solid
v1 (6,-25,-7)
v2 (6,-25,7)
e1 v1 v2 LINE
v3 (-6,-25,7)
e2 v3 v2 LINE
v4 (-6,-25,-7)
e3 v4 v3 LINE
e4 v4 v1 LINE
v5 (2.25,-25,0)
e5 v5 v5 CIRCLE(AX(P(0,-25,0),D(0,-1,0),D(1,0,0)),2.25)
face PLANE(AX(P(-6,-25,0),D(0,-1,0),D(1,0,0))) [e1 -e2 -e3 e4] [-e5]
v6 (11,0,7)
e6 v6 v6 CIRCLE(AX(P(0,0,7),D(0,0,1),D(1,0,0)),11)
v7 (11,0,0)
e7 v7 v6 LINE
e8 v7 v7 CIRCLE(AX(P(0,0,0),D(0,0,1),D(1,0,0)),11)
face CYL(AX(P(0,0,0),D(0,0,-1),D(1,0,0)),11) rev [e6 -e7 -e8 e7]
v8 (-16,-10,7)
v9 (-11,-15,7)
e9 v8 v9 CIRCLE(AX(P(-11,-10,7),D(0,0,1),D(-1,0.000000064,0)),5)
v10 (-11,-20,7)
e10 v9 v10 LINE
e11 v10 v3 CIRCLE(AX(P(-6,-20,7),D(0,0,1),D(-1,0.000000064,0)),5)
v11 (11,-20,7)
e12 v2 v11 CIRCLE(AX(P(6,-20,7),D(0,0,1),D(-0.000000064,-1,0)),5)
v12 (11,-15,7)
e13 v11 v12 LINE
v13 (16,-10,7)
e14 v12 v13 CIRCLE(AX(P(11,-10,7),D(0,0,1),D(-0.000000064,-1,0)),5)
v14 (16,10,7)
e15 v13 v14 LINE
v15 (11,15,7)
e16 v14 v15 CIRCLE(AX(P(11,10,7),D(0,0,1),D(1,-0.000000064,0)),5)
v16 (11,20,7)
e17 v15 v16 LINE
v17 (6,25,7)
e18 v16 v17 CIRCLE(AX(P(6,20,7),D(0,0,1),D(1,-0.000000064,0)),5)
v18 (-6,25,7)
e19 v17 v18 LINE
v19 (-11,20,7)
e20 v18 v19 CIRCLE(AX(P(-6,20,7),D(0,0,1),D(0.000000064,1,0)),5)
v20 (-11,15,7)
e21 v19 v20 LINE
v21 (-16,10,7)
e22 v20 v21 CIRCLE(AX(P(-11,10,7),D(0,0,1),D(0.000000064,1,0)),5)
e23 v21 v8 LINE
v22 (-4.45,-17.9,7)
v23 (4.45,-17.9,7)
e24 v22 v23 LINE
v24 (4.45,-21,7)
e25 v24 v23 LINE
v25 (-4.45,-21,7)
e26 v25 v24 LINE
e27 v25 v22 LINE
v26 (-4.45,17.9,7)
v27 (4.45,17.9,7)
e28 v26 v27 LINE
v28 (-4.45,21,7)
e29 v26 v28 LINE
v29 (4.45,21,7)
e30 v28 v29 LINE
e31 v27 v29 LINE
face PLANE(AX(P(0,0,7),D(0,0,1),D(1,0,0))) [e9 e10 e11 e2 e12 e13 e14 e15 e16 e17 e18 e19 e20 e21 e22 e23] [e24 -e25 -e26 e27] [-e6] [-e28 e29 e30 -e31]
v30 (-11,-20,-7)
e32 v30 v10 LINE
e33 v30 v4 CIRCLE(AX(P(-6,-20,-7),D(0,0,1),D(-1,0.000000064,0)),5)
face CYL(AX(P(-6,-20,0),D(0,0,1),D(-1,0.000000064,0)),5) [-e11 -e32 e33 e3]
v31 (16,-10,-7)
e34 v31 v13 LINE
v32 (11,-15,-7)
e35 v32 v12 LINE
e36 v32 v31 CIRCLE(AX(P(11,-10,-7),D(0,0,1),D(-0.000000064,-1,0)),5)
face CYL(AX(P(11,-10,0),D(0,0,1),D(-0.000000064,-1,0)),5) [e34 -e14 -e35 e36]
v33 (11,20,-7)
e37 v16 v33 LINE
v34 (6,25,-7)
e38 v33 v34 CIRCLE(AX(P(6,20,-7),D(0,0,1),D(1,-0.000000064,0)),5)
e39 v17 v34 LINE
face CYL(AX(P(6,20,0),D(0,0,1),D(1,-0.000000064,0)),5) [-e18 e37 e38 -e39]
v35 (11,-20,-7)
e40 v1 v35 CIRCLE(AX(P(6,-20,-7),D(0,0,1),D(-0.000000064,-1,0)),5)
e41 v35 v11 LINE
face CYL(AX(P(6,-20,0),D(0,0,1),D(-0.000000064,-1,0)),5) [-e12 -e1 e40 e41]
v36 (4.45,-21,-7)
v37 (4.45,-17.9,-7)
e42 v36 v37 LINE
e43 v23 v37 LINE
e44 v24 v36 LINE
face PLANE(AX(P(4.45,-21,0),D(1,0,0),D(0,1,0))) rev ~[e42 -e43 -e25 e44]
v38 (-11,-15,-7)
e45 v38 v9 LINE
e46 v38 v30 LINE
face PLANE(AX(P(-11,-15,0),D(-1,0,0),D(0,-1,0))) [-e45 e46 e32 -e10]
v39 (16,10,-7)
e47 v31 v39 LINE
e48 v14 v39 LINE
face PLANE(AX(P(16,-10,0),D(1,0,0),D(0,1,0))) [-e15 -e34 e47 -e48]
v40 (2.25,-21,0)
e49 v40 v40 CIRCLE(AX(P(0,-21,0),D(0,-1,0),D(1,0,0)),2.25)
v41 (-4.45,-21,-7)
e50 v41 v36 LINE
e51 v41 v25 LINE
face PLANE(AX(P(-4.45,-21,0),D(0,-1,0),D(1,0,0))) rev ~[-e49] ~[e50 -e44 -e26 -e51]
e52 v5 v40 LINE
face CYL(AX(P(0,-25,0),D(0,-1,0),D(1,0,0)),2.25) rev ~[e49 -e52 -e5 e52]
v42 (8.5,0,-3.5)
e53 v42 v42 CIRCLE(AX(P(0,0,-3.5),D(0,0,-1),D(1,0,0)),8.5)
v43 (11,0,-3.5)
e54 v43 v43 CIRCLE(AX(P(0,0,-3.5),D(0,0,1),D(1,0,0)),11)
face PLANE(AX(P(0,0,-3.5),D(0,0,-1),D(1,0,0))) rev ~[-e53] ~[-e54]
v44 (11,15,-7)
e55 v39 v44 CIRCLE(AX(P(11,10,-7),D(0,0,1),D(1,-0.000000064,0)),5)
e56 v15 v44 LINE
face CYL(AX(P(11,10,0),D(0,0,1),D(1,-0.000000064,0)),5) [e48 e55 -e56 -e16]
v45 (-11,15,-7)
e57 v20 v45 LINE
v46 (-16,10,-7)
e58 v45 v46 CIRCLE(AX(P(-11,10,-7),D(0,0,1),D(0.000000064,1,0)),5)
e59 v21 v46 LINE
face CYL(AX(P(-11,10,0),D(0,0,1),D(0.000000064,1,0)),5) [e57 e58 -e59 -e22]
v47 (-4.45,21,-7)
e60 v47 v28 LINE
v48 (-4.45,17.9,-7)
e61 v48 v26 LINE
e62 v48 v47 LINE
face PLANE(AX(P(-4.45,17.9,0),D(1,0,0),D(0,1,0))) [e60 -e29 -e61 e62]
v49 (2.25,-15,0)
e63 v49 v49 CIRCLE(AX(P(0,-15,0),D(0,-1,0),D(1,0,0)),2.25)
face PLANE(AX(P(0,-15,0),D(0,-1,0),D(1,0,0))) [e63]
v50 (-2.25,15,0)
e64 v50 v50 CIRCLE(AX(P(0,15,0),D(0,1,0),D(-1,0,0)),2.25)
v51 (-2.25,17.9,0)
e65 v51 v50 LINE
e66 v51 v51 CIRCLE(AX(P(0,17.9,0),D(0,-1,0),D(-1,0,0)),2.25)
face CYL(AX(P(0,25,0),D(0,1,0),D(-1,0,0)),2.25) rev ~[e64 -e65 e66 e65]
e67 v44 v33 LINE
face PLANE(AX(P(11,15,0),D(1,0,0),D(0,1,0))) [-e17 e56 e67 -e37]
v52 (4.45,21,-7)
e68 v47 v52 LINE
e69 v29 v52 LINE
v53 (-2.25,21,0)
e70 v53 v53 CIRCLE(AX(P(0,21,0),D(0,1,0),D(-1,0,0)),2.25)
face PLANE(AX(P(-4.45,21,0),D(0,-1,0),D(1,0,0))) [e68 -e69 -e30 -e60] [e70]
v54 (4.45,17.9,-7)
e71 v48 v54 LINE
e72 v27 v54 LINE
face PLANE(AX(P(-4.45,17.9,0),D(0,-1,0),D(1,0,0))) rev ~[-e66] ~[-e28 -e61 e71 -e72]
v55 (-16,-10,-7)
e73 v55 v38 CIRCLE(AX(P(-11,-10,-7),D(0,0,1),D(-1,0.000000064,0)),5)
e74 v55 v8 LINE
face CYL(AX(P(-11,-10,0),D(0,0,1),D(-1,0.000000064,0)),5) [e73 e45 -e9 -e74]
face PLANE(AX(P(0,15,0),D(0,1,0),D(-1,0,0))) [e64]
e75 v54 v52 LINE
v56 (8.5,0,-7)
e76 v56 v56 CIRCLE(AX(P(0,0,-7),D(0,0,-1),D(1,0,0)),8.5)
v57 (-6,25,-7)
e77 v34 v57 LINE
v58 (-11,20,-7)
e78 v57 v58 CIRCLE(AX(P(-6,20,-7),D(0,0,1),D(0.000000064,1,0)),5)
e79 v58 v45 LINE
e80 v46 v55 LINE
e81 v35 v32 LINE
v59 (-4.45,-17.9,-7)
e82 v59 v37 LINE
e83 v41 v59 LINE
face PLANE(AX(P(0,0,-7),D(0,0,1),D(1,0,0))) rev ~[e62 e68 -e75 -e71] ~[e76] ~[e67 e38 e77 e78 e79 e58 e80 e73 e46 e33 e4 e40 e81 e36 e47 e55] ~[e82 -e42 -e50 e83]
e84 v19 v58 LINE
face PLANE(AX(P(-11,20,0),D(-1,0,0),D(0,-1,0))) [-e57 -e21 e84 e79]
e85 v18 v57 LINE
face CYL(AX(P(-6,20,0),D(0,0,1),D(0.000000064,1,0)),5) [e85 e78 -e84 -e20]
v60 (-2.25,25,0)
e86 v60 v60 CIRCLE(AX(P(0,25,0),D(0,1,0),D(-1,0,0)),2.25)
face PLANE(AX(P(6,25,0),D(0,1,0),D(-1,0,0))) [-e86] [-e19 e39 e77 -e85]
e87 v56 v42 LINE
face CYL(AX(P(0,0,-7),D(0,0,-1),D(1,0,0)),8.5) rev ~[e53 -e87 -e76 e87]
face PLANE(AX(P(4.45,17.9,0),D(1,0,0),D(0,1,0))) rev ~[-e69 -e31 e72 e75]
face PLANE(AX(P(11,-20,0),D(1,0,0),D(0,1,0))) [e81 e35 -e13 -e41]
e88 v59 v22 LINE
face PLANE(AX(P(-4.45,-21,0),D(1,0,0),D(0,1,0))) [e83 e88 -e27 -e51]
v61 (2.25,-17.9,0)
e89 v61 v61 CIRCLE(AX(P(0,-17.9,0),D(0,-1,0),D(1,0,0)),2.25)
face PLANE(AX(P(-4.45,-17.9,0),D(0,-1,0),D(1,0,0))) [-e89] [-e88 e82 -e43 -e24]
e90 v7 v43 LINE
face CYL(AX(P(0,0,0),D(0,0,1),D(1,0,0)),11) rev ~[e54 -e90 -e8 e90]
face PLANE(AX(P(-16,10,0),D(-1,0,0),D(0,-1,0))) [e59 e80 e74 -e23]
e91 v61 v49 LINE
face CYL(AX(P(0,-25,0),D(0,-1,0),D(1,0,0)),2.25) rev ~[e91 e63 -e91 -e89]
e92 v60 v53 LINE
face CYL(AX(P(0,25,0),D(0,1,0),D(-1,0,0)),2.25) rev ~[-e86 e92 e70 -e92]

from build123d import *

# Parameters (mm, degrees)
F0_W          = 8.9
F0_H          = 3.1
F0_R          = 11
F1_DEPTH      = 7
F1_DEPTH_BACK = 7
F2_R          = 2.25
F3_DEPTH      = 10
F4_R          = 2.25
F5_DEPTH      = 10
F6_R          = 11.25
F6_R_2        = 8.5
F7_DEPTH      = 3.5


with BuildPart() as f1:
    # F0 (on Top) → F1 (new body, two sides)
    with BuildSketch(Plane.XY) as f1_sk:
        with BuildLine():
            Line((-16, 10), (-16, -10))
            ThreePointArc((-16, -10), (-14.535534, -13.535534), (-11, -15))
            Line((-11, -15), (-11, -20))
            ThreePointArc((-11, -20), (-9.535534, -23.535534), (-6, -25))
            Line((-6, -25), (6, -25))
            ThreePointArc((6, -25), (9.535534, -23.535534), (11, -20))
            Line((11, -20), (11, -15))
            ThreePointArc((11, -15), (14.535534, -13.535534), (16, -10))
            Line((16, -10), (16, 10))
            ThreePointArc((16, 10), (14.535534, 13.535534), (11, 15))
            Line((11, 15), (11, 20))
            ThreePointArc((11, 20), (9.535534, 23.535534), (6, 25))
            Line((6, 25), (-6, 25))
            ThreePointArc((-6, 25), (-9.535534, 23.535534), (-11, 20))
            Line((-11, 20), (-11, 15))
            ThreePointArc((-11, 15), (-14.535534, 13.535534), (-16, 10))
        make_face()
        with Locations((0, -19.45)):
            Rectangle(F0_W, F0_H, mode=Mode.SUBTRACT)
        Circle(F0_R, mode=Mode.SUBTRACT)
        with Locations((0, 19.45)):
            Rectangle(F0_W, F0_H, mode=Mode.SUBTRACT)
    extrude(amount=F1_DEPTH)
    extrude(f1_sk.sketch, amount=-F1_DEPTH_BACK)

    # F2 (on face) → F3 (cut)
    with BuildSketch(Plane.XZ.offset(25)):
        Circle(F2_R)
    extrude(amount=-F3_DEPTH, mode=Mode.SUBTRACT)

    # F4 (on face) → F5 (cut)
    with BuildSketch(Plane(origin=(0, 25, 0), x_dir=(-1, 0, 0), z_dir=(0, 1, 0))):
        Circle(F4_R)
    extrude(amount=-F5_DEPTH, mode=Mode.SUBTRACT)

    # F6 (on face) → F7 (join)
    with BuildSketch(Plane(origin=(0, 0, -7), x_dir=(1, 0, 0), z_dir=(0, 0, -1))):
        Circle(F6_R)
        Circle(F6_R_2, mode=Mode.SUBTRACT)
    extrude(amount=-F7_DEPTH)


solid = f1.part
